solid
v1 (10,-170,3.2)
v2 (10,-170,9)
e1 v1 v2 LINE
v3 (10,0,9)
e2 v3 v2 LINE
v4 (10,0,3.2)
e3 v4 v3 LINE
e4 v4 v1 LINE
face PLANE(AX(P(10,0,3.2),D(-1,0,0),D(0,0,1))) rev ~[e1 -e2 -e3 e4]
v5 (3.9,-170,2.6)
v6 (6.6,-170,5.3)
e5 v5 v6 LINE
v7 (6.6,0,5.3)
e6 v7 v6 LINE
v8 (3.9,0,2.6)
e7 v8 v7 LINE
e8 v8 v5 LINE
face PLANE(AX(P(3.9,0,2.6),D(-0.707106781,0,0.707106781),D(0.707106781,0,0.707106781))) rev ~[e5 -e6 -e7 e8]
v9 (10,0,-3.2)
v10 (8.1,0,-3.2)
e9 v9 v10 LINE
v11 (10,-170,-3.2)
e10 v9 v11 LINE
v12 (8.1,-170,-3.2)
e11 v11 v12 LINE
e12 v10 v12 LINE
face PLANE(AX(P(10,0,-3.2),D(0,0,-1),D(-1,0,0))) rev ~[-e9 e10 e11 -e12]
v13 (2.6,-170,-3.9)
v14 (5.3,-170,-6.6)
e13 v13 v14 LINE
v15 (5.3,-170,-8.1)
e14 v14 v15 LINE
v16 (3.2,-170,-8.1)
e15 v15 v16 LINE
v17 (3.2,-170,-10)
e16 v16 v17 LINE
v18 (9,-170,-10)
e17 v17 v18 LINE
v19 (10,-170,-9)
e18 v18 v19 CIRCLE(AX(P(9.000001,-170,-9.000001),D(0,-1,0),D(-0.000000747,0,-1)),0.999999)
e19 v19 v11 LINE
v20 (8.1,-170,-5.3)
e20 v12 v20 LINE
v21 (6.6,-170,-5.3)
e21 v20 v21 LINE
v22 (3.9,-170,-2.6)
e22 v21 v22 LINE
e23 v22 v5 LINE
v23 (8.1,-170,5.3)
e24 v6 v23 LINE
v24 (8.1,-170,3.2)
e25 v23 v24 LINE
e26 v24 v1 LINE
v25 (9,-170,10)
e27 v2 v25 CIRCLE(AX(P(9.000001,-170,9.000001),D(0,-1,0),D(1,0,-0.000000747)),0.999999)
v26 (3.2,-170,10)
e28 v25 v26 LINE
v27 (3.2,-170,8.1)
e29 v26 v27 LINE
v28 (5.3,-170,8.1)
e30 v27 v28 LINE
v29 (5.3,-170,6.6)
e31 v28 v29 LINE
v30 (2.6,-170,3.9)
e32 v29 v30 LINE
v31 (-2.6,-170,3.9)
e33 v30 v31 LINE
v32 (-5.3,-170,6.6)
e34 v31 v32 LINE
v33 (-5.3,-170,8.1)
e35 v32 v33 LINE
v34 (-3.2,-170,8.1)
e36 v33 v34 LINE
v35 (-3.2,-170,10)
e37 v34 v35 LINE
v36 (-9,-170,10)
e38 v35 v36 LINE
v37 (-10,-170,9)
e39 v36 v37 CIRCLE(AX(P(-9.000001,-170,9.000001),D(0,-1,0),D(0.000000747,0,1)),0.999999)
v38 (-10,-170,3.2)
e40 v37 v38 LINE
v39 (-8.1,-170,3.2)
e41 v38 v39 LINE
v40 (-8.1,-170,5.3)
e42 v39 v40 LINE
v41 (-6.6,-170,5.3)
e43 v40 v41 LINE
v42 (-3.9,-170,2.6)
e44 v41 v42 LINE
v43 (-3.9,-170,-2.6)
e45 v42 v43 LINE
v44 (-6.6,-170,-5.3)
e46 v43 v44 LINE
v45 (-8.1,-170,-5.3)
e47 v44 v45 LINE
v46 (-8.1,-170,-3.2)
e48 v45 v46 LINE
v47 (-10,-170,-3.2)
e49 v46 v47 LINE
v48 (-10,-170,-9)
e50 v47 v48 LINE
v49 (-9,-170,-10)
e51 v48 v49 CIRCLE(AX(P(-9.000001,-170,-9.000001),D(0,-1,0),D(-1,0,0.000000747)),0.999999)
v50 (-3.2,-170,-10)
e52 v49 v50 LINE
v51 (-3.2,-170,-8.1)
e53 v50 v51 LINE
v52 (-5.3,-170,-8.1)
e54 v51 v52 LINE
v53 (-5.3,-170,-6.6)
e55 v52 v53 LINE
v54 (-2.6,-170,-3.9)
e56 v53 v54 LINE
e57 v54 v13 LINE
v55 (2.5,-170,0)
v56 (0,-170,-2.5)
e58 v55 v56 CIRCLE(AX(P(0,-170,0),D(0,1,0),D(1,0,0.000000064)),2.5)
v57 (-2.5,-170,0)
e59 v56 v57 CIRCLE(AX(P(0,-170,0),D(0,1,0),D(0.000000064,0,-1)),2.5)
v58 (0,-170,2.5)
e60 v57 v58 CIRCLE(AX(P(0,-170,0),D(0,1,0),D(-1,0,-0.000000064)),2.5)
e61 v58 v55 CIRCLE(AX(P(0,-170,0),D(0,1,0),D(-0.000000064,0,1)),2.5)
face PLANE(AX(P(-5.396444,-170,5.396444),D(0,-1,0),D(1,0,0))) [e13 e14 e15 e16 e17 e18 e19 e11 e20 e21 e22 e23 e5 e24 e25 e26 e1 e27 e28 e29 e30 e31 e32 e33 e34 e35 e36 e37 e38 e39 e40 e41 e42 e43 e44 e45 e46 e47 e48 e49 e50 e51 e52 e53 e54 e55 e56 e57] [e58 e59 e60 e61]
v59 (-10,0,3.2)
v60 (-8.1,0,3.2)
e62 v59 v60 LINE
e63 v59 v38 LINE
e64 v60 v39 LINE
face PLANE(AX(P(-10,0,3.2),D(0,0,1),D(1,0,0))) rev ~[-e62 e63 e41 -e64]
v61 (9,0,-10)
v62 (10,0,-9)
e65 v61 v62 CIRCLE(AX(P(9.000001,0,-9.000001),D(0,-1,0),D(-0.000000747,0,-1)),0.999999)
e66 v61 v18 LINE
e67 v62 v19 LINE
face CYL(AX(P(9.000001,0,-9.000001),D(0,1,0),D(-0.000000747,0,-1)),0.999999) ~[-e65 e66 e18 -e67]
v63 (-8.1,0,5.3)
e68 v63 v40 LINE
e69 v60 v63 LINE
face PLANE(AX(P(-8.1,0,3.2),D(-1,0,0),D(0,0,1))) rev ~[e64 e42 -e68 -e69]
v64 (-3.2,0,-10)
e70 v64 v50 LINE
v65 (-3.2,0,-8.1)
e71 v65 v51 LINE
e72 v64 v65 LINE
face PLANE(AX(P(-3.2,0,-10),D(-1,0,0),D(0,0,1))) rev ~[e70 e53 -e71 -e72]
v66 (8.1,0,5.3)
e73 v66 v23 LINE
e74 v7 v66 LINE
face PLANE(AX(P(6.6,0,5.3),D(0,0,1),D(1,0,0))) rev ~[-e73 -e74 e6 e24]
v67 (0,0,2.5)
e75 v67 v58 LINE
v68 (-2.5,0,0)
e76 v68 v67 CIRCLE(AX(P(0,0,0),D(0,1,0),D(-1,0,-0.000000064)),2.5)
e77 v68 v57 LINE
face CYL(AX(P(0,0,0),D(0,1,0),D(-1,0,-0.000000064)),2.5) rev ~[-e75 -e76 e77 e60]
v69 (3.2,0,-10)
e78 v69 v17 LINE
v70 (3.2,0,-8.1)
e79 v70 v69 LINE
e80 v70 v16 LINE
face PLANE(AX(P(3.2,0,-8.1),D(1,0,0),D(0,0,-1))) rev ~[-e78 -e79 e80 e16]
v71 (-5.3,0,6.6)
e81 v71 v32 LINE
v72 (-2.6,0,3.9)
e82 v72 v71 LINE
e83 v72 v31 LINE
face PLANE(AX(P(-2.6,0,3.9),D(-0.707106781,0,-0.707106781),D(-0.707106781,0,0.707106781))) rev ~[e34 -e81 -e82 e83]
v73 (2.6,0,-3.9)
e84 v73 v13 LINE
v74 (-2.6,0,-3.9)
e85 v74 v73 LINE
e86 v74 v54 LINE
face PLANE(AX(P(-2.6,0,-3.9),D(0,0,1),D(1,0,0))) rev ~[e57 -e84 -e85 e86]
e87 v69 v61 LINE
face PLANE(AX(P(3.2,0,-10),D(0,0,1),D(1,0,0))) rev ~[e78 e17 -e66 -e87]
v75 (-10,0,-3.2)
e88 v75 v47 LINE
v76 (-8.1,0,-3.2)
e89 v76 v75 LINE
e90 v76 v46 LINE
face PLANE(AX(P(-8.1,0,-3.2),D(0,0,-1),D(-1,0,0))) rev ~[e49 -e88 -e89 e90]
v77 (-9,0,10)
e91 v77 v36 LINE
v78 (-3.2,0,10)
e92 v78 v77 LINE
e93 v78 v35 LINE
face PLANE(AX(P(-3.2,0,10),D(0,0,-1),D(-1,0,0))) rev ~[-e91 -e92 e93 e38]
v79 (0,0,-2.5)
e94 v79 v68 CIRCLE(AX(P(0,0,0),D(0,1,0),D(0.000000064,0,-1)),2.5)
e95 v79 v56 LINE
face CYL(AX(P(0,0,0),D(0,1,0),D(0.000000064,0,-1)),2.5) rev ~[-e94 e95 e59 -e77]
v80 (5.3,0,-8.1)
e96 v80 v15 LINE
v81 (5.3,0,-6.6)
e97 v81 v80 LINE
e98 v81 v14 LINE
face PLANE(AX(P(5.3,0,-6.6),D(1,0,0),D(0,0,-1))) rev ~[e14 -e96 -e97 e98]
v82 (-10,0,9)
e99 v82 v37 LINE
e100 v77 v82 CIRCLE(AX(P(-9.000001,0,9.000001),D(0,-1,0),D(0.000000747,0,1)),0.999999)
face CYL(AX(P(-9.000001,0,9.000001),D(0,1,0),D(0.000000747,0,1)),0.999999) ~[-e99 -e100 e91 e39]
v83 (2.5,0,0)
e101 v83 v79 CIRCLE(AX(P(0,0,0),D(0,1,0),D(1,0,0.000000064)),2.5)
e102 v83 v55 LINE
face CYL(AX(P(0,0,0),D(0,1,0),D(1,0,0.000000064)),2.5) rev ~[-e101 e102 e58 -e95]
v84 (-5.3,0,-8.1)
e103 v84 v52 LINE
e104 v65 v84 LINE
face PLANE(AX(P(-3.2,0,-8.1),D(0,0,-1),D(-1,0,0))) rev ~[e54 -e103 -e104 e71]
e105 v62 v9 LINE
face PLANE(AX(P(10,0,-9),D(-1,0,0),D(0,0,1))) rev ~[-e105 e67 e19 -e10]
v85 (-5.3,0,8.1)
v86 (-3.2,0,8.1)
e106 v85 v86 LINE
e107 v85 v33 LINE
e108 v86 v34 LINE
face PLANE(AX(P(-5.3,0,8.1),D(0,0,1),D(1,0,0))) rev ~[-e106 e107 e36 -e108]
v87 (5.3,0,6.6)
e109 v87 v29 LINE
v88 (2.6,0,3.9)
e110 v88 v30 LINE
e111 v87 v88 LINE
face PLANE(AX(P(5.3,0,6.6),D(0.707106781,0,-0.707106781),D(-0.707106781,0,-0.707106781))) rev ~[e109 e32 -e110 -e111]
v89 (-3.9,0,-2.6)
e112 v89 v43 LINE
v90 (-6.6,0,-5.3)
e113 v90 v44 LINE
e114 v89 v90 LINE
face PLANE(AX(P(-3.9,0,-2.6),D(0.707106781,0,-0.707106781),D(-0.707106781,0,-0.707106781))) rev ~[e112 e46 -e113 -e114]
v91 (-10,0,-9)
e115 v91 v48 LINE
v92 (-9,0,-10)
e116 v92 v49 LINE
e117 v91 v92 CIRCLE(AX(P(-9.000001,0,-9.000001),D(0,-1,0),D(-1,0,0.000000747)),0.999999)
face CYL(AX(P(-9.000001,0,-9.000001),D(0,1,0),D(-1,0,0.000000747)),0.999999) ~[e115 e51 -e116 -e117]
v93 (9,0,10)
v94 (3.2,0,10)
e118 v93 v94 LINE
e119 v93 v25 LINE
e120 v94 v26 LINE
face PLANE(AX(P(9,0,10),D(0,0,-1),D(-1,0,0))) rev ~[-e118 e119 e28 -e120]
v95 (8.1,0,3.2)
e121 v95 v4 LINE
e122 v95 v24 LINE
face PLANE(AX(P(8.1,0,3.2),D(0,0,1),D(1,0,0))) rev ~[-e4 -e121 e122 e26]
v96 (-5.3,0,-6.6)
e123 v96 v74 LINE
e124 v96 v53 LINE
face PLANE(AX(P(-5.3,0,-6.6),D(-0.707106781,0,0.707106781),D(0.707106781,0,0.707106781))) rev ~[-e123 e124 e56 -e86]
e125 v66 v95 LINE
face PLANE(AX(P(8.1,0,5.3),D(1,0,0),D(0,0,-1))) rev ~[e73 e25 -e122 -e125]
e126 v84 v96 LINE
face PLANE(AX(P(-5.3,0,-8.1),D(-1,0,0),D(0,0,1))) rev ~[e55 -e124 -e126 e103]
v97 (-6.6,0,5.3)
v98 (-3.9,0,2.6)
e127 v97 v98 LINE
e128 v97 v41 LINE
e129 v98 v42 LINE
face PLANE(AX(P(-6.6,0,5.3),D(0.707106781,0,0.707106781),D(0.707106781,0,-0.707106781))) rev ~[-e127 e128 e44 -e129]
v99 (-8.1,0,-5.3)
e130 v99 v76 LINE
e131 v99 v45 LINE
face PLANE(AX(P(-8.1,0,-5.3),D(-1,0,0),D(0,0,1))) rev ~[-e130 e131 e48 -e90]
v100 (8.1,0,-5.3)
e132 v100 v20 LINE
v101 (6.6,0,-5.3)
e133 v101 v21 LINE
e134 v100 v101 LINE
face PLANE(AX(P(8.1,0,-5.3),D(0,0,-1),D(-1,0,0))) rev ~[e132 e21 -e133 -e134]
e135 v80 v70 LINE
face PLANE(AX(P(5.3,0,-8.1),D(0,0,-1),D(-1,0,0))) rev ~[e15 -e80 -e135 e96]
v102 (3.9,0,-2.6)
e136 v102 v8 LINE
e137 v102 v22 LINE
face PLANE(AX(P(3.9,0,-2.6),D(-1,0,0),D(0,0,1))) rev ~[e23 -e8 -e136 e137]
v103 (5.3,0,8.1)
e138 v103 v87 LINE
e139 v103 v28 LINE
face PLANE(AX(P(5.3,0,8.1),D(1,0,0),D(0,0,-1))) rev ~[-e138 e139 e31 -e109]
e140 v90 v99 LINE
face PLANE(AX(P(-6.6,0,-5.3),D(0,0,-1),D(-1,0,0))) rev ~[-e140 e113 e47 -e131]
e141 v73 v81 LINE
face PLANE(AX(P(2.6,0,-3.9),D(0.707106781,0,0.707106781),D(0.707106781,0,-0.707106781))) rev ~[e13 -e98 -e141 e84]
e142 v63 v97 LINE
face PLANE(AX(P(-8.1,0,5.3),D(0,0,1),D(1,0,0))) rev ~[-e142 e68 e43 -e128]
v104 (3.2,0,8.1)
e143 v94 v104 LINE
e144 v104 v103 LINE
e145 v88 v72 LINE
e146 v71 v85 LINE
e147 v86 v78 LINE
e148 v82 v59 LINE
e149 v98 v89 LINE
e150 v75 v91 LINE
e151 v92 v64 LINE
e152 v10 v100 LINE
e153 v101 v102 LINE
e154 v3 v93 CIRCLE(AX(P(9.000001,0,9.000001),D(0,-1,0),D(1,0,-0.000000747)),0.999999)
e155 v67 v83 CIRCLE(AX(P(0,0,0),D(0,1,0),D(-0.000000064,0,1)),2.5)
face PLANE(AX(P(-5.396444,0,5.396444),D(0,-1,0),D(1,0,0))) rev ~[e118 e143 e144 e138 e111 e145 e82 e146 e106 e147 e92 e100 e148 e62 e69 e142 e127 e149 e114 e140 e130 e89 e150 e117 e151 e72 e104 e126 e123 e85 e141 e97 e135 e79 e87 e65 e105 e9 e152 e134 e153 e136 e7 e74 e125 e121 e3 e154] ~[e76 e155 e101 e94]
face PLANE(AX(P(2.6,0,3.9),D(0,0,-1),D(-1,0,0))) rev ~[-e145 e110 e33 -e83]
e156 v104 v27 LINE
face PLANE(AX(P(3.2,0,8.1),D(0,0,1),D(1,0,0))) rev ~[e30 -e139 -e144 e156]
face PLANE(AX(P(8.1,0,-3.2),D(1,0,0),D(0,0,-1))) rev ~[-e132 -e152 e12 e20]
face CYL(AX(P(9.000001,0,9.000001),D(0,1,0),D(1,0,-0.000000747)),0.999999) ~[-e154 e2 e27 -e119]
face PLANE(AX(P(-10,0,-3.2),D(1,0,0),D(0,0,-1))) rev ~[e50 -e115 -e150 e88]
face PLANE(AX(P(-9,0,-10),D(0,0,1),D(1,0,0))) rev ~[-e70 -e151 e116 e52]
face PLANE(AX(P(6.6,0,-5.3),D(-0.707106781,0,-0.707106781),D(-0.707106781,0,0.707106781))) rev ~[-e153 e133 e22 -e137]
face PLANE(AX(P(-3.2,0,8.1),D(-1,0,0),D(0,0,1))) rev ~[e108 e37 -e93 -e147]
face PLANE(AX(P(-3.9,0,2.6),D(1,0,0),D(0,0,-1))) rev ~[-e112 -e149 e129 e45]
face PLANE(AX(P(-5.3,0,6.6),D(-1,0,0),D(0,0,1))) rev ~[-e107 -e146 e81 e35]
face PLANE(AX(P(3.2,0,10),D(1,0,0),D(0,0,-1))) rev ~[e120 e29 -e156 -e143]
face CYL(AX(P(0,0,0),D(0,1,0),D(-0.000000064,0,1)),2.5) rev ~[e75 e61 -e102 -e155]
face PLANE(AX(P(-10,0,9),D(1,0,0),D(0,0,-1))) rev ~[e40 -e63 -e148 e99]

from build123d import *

# Parameters (mm, degrees)
F1_DEPTH = 170


with BuildPart() as f1:
    # F0 (on Front) → F1 (new body)
    with BuildSketch(Plane.XZ):
        with BuildLine():
            Line((0, 2.5), (0, 3.9))
            Line((0, 3.9), (-2.6, 3.9))
            Line((-2.6, 3.9), (-5.3, 6.6))
            Line((-5.3, 6.6), (-5.3, 8.1))
            Line((-5.3, 8.1), (-3.2, 8.1))
            Line((-3.2, 8.1), (-3.2, 10))
            Line((-3.2, 10), (-9, 10))
            ThreePointArc((-9, 10), (-9.707107, 9.707107), (-10, 9))
            Line((-10, 9), (-10, 3.2))
            Line((-10, 3.2), (-8.1, 3.2))
            Line((-8.1, 3.2), (-8.1, 5.3))
            Line((-8.1, 5.3), (-6.6, 5.3))
            Line((-6.6, 5.3), (-3.9, 2.6))
            Line((-3.9, 2.6), (-3.9, 0))
            Line((-3.9, 0), (-2.5, 0))
            ThreePointArc((-2.5, 0), (-1.767767, 1.767767), (0, 2.5))
        make_face()
        with BuildLine():
            Line((9, 10), (3.2, 10))
            Line((3.2, 10), (3.2, 8.1))
            Line((3.2, 8.1), (5.3, 8.1))
            Line((5.3, 8.1), (5.3, 6.6))
            Line((5.3, 6.6), (2.6, 3.9))
            Line((2.6, 3.9), (0, 3.9))
            Line((0, 3.9), (0, 2.5))
            ThreePointArc((0, 2.5), (1.767767, 1.767767), (2.5, 0))
            Line((2.5, 0), (3.9, 0))
            Line((3.9, 0), (3.9, 2.6))
            Line((3.9, 2.6), (6.6, 5.3))
            Line((6.6, 5.3), (8.1, 5.3))
            Line((8.1, 5.3), (8.1, 3.2))
            Line((8.1, 3.2), (10, 3.2))
            Line((10, 3.2), (10, 9))
            ThreePointArc((10, 9), (9.707107, 9.707107), (9, 10))
        make_face()
        with BuildLine():
            Line((3.9, 0), (2.5, 0))
            ThreePointArc((2.5, 0), (1.767767, -1.767767), (0, -2.5))
            Line((0, -2.5), (0, -3.9))
            Line((0, -3.9), (2.6, -3.9))
            Line((2.6, -3.9), (5.3, -6.6))
            Line((5.3, -6.6), (5.3, -8.1))
            Line((5.3, -8.1), (3.2, -8.1))
            Line((3.2, -8.1), (3.2, -10))
            Line((3.2, -10), (9, -10))
            ThreePointArc((9, -10), (9.707107, -9.707107), (10, -9))
            Line((10, -9), (10, -3.2))
            Line((10, -3.2), (8.1, -3.2))
            Line((8.1, -3.2), (8.1, -5.3))
            Line((8.1, -5.3), (6.6, -5.3))
            Line((6.6, -5.3), (3.9, -2.6))
            Line((3.9, -2.6), (3.9, 0))
        make_face()
        with BuildLine():
            ThreePointArc((0, -2.5), (-1.767767, -1.767767), (-2.5, 0))
            Line((-2.5, 0), (-3.9, 0))
            Line((-3.9, 0), (-3.9, -2.6))
            Line((-3.9, -2.6), (-6.6, -5.3))
            Line((-6.6, -5.3), (-8.1, -5.3))
            Line((-8.1, -5.3), (-8.1, -3.2))
            Line((-8.1, -3.2), (-10, -3.2))
            Line((-10, -3.2), (-10, -9))
            ThreePointArc((-10, -9), (-9.707107, -9.707107), (-9, -10))
            Line((-9, -10), (-3.2, -10))
            Line((-3.2, -10), (-3.2, -8.1))
            Line((-3.2, -8.1), (-5.3, -8.1))
            Line((-5.3, -8.1), (-5.3, -6.6))
            Line((-5.3, -6.6), (-2.6, -3.9))
            Line((-2.6, -3.9), (0, -3.9))
            Line((0, -3.9), (0, -2.5))
        make_face()
    extrude(amount=F1_DEPTH)


solid = f1.part
